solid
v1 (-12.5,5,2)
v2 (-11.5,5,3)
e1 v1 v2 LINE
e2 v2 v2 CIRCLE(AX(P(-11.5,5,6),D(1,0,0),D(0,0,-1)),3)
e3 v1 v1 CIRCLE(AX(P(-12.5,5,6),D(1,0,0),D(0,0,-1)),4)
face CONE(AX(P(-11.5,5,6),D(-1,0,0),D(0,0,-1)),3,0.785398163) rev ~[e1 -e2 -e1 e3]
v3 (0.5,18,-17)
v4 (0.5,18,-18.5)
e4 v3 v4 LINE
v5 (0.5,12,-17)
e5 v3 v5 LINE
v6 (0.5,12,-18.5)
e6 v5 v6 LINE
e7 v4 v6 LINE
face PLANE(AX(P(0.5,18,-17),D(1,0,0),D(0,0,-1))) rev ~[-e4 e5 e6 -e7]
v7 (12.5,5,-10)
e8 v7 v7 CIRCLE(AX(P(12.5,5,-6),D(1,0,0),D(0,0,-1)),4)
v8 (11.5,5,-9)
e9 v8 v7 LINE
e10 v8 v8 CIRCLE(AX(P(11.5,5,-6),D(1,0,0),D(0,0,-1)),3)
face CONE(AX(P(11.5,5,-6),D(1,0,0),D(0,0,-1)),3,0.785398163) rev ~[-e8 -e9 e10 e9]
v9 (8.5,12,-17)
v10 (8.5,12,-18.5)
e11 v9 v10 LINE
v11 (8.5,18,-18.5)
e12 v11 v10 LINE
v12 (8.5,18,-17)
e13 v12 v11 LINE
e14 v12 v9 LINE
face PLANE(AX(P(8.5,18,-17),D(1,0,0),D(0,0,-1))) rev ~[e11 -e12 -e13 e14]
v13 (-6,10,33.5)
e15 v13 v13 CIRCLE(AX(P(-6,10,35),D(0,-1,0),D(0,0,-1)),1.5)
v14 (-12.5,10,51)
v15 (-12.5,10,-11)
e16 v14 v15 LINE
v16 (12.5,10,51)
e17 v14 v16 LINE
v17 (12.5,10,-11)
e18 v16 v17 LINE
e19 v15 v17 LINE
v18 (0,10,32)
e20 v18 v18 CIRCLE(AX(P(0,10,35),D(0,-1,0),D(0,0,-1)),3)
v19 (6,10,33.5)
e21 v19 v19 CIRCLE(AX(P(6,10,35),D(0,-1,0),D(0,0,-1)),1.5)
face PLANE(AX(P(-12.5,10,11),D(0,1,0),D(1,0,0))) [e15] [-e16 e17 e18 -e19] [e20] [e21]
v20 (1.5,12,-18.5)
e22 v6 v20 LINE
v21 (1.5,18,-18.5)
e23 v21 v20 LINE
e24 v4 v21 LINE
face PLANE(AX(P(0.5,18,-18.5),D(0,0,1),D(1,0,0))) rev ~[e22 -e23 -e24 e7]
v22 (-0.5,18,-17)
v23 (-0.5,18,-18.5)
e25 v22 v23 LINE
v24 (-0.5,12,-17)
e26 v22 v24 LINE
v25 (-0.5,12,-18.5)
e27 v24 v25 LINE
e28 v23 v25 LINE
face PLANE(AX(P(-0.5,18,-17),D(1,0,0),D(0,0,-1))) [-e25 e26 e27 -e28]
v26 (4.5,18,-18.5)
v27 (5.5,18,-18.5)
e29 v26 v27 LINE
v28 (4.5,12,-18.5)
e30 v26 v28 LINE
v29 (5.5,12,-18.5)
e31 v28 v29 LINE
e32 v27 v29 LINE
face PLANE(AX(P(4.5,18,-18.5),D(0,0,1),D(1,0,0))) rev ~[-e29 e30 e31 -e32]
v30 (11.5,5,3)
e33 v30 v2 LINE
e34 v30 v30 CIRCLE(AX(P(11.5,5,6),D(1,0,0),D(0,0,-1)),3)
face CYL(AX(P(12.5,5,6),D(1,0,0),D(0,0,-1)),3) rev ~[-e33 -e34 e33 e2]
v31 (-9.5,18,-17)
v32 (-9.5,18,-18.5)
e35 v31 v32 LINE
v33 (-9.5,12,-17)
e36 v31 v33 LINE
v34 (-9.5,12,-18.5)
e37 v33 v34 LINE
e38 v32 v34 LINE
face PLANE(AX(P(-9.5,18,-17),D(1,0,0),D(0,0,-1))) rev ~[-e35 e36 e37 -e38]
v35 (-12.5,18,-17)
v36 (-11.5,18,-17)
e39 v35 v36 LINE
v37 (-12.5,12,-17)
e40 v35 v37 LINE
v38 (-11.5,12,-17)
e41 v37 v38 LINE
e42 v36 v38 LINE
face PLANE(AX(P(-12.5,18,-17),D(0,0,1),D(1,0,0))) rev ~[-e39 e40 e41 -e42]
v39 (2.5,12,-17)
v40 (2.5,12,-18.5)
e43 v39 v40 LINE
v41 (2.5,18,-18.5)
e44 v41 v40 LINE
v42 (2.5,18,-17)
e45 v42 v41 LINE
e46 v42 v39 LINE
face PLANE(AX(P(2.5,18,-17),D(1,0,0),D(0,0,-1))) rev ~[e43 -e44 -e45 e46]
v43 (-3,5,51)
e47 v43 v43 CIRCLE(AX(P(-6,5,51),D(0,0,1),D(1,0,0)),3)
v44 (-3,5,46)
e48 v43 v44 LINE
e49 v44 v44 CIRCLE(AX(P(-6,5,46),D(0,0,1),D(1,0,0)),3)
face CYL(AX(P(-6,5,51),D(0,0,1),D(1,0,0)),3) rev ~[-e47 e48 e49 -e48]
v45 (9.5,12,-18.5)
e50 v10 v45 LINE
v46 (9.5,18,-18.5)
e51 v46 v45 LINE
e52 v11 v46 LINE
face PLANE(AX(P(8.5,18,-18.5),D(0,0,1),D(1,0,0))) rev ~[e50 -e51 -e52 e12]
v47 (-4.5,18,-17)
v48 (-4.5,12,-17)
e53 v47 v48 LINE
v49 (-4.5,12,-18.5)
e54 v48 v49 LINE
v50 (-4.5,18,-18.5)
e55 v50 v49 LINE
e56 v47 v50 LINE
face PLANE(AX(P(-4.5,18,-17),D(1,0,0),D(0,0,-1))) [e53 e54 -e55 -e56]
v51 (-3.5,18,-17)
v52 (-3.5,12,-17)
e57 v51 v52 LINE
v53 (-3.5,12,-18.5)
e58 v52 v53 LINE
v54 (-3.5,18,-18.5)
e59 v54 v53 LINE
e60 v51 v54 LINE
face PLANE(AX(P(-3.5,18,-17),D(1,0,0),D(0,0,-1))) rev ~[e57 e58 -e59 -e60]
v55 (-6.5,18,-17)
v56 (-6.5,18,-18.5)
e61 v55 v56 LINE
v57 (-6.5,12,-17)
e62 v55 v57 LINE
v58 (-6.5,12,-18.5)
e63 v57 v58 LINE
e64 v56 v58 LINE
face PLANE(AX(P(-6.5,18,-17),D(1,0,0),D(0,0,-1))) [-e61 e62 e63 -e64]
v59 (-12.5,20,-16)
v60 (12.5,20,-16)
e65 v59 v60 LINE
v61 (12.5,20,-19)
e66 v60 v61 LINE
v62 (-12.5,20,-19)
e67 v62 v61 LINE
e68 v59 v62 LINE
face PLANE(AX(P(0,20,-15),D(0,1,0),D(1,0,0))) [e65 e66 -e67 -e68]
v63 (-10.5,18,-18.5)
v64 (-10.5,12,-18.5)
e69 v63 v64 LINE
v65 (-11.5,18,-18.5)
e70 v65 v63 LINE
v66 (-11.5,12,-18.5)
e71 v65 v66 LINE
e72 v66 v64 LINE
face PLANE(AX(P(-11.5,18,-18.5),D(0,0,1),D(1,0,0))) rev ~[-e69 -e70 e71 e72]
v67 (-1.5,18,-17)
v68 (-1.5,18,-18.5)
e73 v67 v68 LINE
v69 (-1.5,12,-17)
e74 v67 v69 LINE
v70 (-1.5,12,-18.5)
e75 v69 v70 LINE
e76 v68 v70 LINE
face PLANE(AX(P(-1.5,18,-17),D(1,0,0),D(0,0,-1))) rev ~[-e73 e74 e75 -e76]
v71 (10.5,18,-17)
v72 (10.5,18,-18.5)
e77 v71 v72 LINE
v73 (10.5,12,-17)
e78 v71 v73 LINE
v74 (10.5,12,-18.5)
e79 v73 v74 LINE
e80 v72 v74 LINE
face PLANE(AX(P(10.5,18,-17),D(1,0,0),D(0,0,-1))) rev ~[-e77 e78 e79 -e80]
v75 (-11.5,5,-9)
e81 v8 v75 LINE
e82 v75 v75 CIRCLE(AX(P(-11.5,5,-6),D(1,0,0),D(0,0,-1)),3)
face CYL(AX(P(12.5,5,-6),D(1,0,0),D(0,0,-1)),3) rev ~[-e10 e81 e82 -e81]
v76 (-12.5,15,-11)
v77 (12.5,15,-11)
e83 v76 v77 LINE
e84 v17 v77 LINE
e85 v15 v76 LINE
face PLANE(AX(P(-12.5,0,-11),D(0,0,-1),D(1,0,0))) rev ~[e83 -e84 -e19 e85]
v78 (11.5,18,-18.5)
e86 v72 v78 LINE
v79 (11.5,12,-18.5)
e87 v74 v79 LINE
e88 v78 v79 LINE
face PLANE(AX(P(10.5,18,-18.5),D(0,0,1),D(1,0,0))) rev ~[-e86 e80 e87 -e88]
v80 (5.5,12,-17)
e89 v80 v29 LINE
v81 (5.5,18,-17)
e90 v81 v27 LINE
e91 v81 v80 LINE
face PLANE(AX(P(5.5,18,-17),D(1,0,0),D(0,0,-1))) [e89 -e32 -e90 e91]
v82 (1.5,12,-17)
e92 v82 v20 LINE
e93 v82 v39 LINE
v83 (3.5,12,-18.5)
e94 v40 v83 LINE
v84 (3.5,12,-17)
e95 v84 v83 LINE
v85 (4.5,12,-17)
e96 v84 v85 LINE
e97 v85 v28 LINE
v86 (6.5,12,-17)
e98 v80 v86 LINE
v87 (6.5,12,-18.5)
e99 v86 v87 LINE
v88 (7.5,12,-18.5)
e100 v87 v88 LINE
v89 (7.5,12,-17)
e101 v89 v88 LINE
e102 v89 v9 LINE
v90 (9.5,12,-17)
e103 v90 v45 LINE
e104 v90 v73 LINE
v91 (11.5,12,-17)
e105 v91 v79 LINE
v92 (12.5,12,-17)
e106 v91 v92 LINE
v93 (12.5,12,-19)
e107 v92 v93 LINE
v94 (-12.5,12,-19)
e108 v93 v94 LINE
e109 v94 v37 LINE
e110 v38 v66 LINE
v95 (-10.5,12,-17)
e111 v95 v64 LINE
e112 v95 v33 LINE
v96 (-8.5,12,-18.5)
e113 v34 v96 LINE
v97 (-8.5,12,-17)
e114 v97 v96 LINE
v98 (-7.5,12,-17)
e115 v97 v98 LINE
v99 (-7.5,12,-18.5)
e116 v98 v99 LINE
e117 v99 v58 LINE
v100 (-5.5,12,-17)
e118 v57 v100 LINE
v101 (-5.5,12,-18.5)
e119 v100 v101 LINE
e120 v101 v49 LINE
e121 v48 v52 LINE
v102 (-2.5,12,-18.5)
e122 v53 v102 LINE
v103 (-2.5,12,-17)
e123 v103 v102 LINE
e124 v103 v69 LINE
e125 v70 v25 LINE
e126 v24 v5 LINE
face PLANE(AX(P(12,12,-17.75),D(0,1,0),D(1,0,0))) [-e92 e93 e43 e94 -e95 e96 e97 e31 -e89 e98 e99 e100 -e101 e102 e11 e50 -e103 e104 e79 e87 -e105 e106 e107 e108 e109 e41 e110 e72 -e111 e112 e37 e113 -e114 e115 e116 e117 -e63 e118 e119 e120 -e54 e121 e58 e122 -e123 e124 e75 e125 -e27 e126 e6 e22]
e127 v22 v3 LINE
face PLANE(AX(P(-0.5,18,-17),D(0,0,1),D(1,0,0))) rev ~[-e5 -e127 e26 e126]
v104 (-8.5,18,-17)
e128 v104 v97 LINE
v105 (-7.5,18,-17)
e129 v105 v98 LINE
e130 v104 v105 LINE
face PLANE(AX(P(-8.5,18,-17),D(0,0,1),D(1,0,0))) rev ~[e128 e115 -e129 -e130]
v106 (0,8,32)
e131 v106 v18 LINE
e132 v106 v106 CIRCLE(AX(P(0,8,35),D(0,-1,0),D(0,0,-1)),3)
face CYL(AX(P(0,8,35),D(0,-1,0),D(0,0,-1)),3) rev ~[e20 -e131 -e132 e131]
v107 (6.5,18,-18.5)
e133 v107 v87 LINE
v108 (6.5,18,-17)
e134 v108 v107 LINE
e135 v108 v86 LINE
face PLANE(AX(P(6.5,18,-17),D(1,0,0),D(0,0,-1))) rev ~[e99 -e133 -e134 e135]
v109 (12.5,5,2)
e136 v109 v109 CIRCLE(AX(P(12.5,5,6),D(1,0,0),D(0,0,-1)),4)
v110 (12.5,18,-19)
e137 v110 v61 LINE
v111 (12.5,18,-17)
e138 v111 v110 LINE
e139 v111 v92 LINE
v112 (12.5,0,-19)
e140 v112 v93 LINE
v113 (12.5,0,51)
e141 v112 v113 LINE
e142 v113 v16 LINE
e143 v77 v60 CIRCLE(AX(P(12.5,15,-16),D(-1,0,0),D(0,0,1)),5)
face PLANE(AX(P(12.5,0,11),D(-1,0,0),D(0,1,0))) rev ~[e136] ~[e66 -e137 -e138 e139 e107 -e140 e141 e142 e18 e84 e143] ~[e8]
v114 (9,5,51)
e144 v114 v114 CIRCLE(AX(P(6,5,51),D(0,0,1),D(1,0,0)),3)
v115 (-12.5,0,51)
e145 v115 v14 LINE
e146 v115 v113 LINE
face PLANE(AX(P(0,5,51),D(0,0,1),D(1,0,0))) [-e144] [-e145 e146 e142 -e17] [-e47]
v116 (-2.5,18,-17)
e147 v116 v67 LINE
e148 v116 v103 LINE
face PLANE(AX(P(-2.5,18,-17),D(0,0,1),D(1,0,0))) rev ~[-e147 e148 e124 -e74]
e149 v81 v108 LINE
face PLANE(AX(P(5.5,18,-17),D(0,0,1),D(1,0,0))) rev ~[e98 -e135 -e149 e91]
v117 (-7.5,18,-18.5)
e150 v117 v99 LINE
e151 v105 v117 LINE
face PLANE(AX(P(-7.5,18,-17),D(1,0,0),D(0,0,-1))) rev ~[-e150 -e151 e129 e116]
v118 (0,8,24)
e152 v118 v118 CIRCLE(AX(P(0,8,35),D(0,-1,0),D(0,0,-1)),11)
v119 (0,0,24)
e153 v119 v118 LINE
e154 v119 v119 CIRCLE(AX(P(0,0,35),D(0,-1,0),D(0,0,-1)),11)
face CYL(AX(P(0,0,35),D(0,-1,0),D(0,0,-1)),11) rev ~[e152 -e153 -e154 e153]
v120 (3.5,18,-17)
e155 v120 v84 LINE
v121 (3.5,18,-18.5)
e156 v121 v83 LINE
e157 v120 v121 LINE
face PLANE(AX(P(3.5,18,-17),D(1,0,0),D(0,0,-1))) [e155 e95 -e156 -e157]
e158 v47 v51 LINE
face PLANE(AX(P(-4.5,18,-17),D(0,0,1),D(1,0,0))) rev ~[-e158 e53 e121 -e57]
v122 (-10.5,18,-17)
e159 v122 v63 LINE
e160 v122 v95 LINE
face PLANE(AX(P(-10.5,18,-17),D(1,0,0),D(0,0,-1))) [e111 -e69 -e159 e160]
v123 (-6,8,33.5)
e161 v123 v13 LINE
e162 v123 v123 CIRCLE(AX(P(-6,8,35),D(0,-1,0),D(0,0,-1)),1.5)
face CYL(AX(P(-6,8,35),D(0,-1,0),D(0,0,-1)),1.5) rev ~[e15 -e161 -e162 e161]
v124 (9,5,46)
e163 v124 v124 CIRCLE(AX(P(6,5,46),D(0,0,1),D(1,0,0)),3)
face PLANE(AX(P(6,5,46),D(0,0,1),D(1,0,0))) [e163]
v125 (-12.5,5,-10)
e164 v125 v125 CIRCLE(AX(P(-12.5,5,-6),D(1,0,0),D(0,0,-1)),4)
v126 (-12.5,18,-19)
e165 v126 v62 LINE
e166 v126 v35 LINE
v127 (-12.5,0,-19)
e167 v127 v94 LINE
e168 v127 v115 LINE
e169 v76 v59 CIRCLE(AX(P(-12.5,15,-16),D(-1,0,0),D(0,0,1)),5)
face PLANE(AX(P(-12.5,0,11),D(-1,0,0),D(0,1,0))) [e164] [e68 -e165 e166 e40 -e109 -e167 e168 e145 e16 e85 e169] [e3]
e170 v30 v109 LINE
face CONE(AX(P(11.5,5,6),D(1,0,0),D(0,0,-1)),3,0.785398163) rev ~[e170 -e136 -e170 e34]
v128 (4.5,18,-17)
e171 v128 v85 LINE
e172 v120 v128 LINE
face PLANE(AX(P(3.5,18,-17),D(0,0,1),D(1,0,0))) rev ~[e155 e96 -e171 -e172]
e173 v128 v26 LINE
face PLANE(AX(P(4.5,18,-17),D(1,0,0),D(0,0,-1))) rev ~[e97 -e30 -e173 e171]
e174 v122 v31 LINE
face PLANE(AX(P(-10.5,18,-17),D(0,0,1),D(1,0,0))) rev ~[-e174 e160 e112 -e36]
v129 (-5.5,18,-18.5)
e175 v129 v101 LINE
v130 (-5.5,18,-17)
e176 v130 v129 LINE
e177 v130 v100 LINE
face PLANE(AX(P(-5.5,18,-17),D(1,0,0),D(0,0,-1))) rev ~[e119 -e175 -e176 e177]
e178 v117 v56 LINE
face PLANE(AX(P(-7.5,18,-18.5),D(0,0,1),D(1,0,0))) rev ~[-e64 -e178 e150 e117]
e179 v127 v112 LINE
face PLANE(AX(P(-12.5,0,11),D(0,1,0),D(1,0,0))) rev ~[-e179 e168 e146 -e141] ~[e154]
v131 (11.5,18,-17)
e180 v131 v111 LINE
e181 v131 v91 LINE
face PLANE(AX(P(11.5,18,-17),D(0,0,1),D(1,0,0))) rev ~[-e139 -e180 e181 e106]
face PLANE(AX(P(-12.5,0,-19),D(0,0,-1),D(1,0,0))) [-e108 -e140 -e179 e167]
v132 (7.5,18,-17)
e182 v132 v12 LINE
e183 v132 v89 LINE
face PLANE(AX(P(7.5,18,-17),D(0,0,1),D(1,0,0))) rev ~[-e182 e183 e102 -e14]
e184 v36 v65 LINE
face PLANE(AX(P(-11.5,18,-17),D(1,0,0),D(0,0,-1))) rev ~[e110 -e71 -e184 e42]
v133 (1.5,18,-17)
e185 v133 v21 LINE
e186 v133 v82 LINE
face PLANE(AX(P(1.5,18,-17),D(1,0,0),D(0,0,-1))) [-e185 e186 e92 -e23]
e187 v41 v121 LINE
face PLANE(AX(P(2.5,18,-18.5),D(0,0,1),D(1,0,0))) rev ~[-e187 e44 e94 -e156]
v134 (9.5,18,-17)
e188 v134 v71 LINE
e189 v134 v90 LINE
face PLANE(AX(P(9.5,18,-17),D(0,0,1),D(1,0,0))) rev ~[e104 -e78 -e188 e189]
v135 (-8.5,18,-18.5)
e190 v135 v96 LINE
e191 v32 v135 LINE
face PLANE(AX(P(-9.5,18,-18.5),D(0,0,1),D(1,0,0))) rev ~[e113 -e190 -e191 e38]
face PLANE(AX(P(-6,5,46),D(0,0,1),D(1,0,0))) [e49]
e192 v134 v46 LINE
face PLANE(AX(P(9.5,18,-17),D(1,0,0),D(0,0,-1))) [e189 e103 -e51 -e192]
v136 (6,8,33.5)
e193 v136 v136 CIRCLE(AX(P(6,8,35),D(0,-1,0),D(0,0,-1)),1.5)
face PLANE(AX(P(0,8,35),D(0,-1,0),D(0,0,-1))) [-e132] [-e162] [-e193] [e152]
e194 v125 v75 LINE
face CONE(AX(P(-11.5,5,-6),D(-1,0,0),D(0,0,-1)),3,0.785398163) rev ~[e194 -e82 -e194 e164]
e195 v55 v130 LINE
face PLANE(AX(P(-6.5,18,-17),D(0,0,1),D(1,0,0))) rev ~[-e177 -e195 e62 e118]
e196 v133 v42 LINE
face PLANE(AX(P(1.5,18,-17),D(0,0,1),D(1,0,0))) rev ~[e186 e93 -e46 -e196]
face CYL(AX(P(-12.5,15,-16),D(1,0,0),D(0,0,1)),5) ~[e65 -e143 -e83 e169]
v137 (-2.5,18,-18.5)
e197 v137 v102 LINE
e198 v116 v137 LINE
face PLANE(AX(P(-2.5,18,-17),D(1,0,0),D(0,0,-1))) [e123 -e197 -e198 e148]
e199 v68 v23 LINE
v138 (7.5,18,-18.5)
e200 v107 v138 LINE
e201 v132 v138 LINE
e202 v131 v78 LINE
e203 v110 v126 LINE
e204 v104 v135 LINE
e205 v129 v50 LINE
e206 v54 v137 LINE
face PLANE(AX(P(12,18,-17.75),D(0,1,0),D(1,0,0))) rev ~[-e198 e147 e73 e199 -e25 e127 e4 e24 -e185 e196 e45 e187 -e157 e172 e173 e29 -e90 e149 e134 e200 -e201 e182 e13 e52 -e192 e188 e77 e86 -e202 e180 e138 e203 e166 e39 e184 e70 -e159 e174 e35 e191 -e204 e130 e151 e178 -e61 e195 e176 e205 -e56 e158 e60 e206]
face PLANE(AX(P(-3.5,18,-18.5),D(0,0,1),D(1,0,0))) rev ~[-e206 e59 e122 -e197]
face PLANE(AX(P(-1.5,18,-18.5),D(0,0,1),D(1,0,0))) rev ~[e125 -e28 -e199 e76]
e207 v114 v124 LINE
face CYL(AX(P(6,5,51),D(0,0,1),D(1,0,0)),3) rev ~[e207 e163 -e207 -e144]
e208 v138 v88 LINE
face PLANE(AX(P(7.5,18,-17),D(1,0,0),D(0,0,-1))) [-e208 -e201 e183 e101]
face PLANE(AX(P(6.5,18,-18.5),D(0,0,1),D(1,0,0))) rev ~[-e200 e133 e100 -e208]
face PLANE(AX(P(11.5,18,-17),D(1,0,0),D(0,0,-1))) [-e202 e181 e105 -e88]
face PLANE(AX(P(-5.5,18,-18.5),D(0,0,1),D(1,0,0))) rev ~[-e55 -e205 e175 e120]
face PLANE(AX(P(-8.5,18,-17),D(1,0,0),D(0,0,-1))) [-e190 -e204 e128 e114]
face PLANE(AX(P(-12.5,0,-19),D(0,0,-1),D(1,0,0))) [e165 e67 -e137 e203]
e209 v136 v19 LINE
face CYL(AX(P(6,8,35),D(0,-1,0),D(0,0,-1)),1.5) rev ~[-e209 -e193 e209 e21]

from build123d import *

# Parameters (mm, degrees)
SKETCH1_W                = 25
SKETCH1_H                = 22
BOSS_EXTRUDE1_DEPTH      = 10
SKETCH2_R                = 3
CUT_EXTRUDE1_DEPTH       = 30.086079144
CHAMFER1_SIZE            = 1
BOSS_EXTRUDE4_DEPTH      = 10
BOSS_EXTRUDE4_DEPTH_BACK = 10
SKETCH3_W                = 25
SKETCH3_H                = 8
CUT_EXTRUDE6_DEPTH       = 6
SKETCH5_W                = 25
SKETCH5_H                = 10
BOSS_EXTRUDE3_DEPTH      = 40
SKETCH6_R                = 11
CUT_EXTRUDE3_DEPTH       = 8
SKETCH7_R                = 3
SKETCH7_R_2              = 1.5
CUT_EXTRUDE4_DEPTH       = 8
SKETCH8_R                = 3
CUT_EXTRUDE5_DEPTH       = 5
FILLET1_R                = 5


with BuildPart() as part:
    # Sketch1 → Boss-Extrude1 (new body)
    with BuildSketch(Plane(origin=(0, 0, 0), x_dir=(1, 0, 0), z_dir=(0, 1, 0))):
        Rectangle(SKETCH1_W, SKETCH1_H)
    extrude(amount=BOSS_EXTRUDE1_DEPTH)

    # Sketch2 → Cut-Extrude1 (cut, through all)
    with BuildSketch(Plane(origin=(12.5, 0, 0), x_dir=(0, 0, -1), z_dir=(1, 0, 0))):
        with Locations((-6, 5)):
            Circle(SKETCH2_R)
        with Locations((6, 5)):
            Circle(SKETCH2_R)
    extrude(amount=-CUT_EXTRUDE1_DEPTH, mode=Mode.SUBTRACT)

    # Chamfer1
    chamfer1_edges = [part.edges().sort_by_distance(p)[0] for p in [
        (-12.5, 5, -3),
        (-12.5, 5, 9),
        (12.5, 5, -3),
        (12.5, 5, 9),
    ]]
    chamfer(chamfer1_edges, length=CHAMFER1_SIZE)

    # Sketch3 → Boss-Extrude4 (add, two sides: drawn at the far end of the back side and taken through both)
    with BuildSketch(Plane(origin=(0, 10, 0), x_dir=(1, 0, 0), z_dir=(0, 1, 0)).offset(-BOSS_EXTRUDE4_DEPTH_BACK)):
        with Locations((0, 15)):
            Rectangle(SKETCH3_W, SKETCH3_H)
    extrude(amount=BOSS_EXTRUDE4_DEPTH + BOSS_EXTRUDE4_DEPTH_BACK)

    # Sketch10 → Cut-Extrude6 (cut)
    with BuildSketch(Plane(origin=(0, 18, 0), x_dir=(1, 0, 0), z_dir=(0, 1, 0))):
        Polygon((12.5, 19), (-12.5, 19), (-12.5, 17), (-11.5, 17), (-11.5, 18.5), (-10.5, 18.5), (-10.5, 17), (-9.5, 17), (-9.5, 18.5), (-8.5, 18.5), (-8.5, 17), (-7.5, 17), (-7.5, 18.5), (-6.5, 18.5), (-6.5, 17), (-5.5, 17), (-5.5, 18.5), (-4.5, 18.5), (-4.5, 17), (-3.5, 17), (-3.5, 18.5), (-2.5, 18.5), (-2.5, 17), (-1.5, 17), (-1.5, 18.5), (-0.5, 18.5), (-0.5, 17), (0.5, 17), (0.5, 18.5), (1.5, 18.5), (1.5, 17), (2.5, 17), (2.5, 18.5), (3.5, 18.5), (3.5, 17), (4.5, 17), (4.5, 18.5), (5.5, 18.5), (5.5, 17), (6.5, 17), (6.5, 18.5), (7.5, 18.5), (7.5, 17), (8.5, 17), (8.5, 18.5), (9.5, 18.5), (9.5, 17), (10.5, 17), (10.5, 18.5), (11.5, 18.5), (11.5, 17), (12.5, 17), align=None)
    extrude(amount=-CUT_EXTRUDE6_DEPTH, mode=Mode.SUBTRACT)

    # Sketch5 → Boss-Extrude3 (add)
    with BuildSketch(Plane.XY.offset(11)):
        with Locations((0, 5)):
            Rectangle(SKETCH5_W, SKETCH5_H)
    extrude(amount=BOSS_EXTRUDE3_DEPTH)

    # Sketch6 → Cut-Extrude3 (cut)
    with BuildSketch(Plane.XZ):
        with Locations((0, 35)):
            Circle(SKETCH6_R)
    extrude(amount=-CUT_EXTRUDE3_DEPTH, mode=Mode.SUBTRACT)

    # Sketch7 → Cut-Extrude4 (cut)
    with BuildSketch(Plane.XZ.offset(-8)):
        with Locations((0, 35)):
            Circle(SKETCH7_R)
        with Locations((-6, 35)):
            Circle(SKETCH7_R_2)
        with Locations((6, 35)):
            Circle(SKETCH7_R_2)
    extrude(amount=-CUT_EXTRUDE4_DEPTH, mode=Mode.SUBTRACT)

    # Sketch8 → Cut-Extrude5 (cut)
    with BuildSketch(Plane.XY.offset(51)):
        with Locations((6, 5)):
            Circle(SKETCH8_R)
        with Locations((-6, 5)):
            Circle(SKETCH8_R)
    extrude(amount=-CUT_EXTRUDE5_DEPTH, mode=Mode.SUBTRACT)

    # Fillet1
    fillet1_edges = [part.edges().sort_by_distance(p)[0] for p in [
        (0, 20, -11),
    ]]
    fillet(fillet1_edges, radius=FILLET1_R)


solid = part.part
